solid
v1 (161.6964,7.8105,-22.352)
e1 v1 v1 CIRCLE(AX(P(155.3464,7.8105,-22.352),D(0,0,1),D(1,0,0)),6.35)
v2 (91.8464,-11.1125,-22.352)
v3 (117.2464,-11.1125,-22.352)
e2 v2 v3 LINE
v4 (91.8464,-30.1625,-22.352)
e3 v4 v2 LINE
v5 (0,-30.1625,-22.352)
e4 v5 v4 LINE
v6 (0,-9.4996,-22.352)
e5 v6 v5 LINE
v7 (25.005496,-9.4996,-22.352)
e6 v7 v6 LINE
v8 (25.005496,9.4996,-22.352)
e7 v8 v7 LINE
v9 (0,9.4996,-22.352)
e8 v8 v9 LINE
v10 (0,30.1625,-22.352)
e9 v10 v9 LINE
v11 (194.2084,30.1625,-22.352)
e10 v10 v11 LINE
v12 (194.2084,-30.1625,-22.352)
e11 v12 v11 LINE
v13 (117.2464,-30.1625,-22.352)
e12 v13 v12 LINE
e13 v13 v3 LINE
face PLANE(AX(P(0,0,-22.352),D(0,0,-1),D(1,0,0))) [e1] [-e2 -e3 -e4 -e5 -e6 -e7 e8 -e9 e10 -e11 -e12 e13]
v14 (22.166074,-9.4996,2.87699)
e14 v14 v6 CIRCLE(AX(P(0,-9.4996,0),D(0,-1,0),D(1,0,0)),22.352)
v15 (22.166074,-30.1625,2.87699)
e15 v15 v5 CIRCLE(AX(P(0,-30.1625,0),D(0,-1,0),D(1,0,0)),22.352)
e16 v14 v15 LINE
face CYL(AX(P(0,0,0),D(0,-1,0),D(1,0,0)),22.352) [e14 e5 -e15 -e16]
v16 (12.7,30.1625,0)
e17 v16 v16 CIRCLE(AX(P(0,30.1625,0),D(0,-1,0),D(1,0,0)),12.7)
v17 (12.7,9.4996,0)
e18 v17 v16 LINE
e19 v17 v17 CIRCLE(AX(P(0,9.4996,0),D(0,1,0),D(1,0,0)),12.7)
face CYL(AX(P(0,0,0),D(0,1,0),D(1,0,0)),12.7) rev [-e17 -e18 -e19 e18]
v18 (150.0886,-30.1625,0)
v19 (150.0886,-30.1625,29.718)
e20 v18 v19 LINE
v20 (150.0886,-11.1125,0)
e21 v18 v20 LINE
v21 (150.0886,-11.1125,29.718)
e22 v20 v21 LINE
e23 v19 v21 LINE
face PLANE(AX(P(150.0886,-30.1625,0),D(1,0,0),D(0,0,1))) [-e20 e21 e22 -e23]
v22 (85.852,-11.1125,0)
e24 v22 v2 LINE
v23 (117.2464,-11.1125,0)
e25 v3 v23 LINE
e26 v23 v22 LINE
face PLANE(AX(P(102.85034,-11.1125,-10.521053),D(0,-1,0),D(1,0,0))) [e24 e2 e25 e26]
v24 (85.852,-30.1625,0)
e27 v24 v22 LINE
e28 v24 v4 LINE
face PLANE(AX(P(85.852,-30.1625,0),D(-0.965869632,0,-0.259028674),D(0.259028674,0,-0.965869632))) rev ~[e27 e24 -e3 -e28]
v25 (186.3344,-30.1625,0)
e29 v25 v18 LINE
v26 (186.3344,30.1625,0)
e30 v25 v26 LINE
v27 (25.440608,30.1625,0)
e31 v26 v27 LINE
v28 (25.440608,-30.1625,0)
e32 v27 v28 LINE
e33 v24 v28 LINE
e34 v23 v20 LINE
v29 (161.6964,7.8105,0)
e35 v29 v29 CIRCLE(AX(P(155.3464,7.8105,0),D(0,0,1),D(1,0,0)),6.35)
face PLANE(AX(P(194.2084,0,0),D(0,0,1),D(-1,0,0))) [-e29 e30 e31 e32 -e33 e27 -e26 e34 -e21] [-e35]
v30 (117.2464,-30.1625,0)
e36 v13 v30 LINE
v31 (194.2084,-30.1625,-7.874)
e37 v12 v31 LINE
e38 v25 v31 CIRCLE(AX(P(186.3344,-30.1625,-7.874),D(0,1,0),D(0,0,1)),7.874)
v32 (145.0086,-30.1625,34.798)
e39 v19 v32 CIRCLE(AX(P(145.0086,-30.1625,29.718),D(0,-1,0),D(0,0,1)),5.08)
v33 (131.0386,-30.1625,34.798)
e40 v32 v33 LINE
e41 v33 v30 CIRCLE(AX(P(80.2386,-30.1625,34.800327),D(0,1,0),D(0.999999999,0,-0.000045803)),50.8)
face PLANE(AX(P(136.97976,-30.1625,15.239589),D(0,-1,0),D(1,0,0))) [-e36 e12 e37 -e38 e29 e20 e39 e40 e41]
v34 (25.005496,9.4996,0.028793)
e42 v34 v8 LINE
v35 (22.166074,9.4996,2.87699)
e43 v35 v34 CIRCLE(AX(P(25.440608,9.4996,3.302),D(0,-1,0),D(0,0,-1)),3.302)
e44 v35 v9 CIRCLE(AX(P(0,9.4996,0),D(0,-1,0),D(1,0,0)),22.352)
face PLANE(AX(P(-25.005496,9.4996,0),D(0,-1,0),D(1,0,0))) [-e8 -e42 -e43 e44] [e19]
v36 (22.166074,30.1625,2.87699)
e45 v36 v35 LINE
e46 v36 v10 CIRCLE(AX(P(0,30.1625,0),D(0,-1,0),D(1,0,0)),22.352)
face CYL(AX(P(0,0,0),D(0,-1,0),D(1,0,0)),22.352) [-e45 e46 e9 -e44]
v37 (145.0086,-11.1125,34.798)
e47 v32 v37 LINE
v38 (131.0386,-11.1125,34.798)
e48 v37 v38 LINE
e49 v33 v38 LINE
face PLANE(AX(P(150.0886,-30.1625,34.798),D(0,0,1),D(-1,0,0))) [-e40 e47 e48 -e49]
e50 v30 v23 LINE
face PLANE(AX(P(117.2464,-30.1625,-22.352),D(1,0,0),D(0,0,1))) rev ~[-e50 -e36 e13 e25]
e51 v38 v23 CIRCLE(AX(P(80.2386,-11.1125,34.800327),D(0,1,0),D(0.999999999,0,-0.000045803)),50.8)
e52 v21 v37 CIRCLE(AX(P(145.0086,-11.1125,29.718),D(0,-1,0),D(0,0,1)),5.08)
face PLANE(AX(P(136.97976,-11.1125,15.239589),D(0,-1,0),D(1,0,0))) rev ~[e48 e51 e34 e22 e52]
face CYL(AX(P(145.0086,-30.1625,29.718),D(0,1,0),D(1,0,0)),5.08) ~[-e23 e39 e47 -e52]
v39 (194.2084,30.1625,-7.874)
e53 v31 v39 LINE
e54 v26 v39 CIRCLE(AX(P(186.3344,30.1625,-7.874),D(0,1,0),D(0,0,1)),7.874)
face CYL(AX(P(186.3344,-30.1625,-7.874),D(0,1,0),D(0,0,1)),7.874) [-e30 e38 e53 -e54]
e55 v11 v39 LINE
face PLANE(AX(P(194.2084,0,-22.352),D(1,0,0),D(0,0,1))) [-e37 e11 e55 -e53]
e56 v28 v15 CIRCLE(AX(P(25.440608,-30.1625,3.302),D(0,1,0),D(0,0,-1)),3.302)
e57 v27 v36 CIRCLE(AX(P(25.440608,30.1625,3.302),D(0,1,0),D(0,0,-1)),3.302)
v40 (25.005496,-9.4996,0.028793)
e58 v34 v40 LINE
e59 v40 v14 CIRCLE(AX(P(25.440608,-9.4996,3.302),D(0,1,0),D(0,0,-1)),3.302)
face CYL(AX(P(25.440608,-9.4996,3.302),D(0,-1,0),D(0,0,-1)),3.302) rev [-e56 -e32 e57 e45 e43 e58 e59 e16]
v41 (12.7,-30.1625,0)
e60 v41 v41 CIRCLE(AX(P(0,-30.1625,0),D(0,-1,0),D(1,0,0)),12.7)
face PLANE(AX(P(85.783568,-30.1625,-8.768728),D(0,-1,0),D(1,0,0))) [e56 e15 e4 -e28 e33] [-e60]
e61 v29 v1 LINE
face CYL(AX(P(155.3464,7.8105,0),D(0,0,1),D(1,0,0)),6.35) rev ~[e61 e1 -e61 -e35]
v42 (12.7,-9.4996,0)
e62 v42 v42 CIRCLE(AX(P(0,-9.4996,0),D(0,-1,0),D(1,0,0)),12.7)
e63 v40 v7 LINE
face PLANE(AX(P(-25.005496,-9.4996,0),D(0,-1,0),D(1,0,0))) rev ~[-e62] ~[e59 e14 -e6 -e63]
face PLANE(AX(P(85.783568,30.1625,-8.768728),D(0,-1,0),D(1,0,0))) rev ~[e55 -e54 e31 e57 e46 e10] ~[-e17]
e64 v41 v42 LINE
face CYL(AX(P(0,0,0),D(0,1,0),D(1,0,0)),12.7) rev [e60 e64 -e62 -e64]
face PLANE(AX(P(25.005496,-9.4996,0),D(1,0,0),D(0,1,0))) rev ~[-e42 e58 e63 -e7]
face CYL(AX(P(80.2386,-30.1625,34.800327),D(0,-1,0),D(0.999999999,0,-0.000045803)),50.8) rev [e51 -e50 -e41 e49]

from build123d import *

# Parameters (mm, degrees)
F0_R          = 12.7
F1_DEPTH      = 30.1625
F2_R          = 6.35
F2_W          = 50.010991877
F2_H          = 18.9992
F3_DEPTH      = 22.353
F3_DEPTH_BACK = 25.4
F5_DEPTH      = 19.05
F7_DEPTH      = 19.05
F8_R          = 5.08
F9_R          = 7.874
F10_R         = 3.302


with BuildPart() as f1:
    # F0 (on Front) → F1 (new body, symmetric)
    with BuildSketch(Plane.XZ):
        with BuildLine():
            Line((194.2084, 0), (22.352, 0))
            ThreePointArc((22.352, 0), (-15.8052507731, 15.8052507731), (0, -22.352))
            Line((0, -22.352), (194.2084, -22.352))
            Line((194.2084, -22.352), (194.2084, 0))
        make_face()
        Circle(F0_R, mode=Mode.SUBTRACT)
    extrude(amount=F1_DEPTH, both=True)

    # F2 (on Top) → F3 (cut, two sides)
    with BuildSketch(Plane.XY) as f3_sk:
        with Locations((155.3464, 7.8105)):
            Circle(F2_R)
        Rectangle(F2_W, F2_H)
    extrude(amount=-F3_DEPTH, mode=Mode.SUBTRACT)
    extrude(f3_sk.sketch, amount=F3_DEPTH_BACK, mode=Mode.SUBTRACT)

    # F4 (on face) → F5 (cut)
    with BuildSketch(Plane.XZ.offset(30.1625)):
        Polygon((117.2464, -22.352), (117.2464, 0), (85.852, 0), (91.8464, -22.352), align=None)
    extrude(amount=-F5_DEPTH, mode=Mode.SUBTRACT)

    # F6 (on face) → F7 (join)
    with BuildSketch(Plane.XZ.offset(30.1625)):
        with BuildLine():
            Line((117.2464, 0), (150.0886, 0))
            Line((150.0886, 0), (150.0886, 34.798))
            Line((150.0886, 34.798), (131.0386, 34.798))
            ThreePointArc((131.0386, 34.798), (127.4644153616, 16.0823576341), (117.2464, 0))
        make_face()
    extrude(amount=-F7_DEPTH)

    # F8
    f8_edges = [f1.edges().sort_by_distance(p)[0] for p in [
        (150.0886, -20.6375, 34.798),
    ]]
    fillet(f8_edges, radius=F8_R)

    # F9
    f9_edges = [f1.edges().sort_by_distance(p)[0] for p in [
        (194.2084, 0, 0),
    ]]
    fillet(f9_edges, radius=F9_R)

    # F10
    f10_edges = [f1.edges().sort_by_distance(p)[0] for p in [
        (22.352, -19.83105, 0),
    ]]
    fillet(f10_edges, radius=F10_R)


solid = f1.part
